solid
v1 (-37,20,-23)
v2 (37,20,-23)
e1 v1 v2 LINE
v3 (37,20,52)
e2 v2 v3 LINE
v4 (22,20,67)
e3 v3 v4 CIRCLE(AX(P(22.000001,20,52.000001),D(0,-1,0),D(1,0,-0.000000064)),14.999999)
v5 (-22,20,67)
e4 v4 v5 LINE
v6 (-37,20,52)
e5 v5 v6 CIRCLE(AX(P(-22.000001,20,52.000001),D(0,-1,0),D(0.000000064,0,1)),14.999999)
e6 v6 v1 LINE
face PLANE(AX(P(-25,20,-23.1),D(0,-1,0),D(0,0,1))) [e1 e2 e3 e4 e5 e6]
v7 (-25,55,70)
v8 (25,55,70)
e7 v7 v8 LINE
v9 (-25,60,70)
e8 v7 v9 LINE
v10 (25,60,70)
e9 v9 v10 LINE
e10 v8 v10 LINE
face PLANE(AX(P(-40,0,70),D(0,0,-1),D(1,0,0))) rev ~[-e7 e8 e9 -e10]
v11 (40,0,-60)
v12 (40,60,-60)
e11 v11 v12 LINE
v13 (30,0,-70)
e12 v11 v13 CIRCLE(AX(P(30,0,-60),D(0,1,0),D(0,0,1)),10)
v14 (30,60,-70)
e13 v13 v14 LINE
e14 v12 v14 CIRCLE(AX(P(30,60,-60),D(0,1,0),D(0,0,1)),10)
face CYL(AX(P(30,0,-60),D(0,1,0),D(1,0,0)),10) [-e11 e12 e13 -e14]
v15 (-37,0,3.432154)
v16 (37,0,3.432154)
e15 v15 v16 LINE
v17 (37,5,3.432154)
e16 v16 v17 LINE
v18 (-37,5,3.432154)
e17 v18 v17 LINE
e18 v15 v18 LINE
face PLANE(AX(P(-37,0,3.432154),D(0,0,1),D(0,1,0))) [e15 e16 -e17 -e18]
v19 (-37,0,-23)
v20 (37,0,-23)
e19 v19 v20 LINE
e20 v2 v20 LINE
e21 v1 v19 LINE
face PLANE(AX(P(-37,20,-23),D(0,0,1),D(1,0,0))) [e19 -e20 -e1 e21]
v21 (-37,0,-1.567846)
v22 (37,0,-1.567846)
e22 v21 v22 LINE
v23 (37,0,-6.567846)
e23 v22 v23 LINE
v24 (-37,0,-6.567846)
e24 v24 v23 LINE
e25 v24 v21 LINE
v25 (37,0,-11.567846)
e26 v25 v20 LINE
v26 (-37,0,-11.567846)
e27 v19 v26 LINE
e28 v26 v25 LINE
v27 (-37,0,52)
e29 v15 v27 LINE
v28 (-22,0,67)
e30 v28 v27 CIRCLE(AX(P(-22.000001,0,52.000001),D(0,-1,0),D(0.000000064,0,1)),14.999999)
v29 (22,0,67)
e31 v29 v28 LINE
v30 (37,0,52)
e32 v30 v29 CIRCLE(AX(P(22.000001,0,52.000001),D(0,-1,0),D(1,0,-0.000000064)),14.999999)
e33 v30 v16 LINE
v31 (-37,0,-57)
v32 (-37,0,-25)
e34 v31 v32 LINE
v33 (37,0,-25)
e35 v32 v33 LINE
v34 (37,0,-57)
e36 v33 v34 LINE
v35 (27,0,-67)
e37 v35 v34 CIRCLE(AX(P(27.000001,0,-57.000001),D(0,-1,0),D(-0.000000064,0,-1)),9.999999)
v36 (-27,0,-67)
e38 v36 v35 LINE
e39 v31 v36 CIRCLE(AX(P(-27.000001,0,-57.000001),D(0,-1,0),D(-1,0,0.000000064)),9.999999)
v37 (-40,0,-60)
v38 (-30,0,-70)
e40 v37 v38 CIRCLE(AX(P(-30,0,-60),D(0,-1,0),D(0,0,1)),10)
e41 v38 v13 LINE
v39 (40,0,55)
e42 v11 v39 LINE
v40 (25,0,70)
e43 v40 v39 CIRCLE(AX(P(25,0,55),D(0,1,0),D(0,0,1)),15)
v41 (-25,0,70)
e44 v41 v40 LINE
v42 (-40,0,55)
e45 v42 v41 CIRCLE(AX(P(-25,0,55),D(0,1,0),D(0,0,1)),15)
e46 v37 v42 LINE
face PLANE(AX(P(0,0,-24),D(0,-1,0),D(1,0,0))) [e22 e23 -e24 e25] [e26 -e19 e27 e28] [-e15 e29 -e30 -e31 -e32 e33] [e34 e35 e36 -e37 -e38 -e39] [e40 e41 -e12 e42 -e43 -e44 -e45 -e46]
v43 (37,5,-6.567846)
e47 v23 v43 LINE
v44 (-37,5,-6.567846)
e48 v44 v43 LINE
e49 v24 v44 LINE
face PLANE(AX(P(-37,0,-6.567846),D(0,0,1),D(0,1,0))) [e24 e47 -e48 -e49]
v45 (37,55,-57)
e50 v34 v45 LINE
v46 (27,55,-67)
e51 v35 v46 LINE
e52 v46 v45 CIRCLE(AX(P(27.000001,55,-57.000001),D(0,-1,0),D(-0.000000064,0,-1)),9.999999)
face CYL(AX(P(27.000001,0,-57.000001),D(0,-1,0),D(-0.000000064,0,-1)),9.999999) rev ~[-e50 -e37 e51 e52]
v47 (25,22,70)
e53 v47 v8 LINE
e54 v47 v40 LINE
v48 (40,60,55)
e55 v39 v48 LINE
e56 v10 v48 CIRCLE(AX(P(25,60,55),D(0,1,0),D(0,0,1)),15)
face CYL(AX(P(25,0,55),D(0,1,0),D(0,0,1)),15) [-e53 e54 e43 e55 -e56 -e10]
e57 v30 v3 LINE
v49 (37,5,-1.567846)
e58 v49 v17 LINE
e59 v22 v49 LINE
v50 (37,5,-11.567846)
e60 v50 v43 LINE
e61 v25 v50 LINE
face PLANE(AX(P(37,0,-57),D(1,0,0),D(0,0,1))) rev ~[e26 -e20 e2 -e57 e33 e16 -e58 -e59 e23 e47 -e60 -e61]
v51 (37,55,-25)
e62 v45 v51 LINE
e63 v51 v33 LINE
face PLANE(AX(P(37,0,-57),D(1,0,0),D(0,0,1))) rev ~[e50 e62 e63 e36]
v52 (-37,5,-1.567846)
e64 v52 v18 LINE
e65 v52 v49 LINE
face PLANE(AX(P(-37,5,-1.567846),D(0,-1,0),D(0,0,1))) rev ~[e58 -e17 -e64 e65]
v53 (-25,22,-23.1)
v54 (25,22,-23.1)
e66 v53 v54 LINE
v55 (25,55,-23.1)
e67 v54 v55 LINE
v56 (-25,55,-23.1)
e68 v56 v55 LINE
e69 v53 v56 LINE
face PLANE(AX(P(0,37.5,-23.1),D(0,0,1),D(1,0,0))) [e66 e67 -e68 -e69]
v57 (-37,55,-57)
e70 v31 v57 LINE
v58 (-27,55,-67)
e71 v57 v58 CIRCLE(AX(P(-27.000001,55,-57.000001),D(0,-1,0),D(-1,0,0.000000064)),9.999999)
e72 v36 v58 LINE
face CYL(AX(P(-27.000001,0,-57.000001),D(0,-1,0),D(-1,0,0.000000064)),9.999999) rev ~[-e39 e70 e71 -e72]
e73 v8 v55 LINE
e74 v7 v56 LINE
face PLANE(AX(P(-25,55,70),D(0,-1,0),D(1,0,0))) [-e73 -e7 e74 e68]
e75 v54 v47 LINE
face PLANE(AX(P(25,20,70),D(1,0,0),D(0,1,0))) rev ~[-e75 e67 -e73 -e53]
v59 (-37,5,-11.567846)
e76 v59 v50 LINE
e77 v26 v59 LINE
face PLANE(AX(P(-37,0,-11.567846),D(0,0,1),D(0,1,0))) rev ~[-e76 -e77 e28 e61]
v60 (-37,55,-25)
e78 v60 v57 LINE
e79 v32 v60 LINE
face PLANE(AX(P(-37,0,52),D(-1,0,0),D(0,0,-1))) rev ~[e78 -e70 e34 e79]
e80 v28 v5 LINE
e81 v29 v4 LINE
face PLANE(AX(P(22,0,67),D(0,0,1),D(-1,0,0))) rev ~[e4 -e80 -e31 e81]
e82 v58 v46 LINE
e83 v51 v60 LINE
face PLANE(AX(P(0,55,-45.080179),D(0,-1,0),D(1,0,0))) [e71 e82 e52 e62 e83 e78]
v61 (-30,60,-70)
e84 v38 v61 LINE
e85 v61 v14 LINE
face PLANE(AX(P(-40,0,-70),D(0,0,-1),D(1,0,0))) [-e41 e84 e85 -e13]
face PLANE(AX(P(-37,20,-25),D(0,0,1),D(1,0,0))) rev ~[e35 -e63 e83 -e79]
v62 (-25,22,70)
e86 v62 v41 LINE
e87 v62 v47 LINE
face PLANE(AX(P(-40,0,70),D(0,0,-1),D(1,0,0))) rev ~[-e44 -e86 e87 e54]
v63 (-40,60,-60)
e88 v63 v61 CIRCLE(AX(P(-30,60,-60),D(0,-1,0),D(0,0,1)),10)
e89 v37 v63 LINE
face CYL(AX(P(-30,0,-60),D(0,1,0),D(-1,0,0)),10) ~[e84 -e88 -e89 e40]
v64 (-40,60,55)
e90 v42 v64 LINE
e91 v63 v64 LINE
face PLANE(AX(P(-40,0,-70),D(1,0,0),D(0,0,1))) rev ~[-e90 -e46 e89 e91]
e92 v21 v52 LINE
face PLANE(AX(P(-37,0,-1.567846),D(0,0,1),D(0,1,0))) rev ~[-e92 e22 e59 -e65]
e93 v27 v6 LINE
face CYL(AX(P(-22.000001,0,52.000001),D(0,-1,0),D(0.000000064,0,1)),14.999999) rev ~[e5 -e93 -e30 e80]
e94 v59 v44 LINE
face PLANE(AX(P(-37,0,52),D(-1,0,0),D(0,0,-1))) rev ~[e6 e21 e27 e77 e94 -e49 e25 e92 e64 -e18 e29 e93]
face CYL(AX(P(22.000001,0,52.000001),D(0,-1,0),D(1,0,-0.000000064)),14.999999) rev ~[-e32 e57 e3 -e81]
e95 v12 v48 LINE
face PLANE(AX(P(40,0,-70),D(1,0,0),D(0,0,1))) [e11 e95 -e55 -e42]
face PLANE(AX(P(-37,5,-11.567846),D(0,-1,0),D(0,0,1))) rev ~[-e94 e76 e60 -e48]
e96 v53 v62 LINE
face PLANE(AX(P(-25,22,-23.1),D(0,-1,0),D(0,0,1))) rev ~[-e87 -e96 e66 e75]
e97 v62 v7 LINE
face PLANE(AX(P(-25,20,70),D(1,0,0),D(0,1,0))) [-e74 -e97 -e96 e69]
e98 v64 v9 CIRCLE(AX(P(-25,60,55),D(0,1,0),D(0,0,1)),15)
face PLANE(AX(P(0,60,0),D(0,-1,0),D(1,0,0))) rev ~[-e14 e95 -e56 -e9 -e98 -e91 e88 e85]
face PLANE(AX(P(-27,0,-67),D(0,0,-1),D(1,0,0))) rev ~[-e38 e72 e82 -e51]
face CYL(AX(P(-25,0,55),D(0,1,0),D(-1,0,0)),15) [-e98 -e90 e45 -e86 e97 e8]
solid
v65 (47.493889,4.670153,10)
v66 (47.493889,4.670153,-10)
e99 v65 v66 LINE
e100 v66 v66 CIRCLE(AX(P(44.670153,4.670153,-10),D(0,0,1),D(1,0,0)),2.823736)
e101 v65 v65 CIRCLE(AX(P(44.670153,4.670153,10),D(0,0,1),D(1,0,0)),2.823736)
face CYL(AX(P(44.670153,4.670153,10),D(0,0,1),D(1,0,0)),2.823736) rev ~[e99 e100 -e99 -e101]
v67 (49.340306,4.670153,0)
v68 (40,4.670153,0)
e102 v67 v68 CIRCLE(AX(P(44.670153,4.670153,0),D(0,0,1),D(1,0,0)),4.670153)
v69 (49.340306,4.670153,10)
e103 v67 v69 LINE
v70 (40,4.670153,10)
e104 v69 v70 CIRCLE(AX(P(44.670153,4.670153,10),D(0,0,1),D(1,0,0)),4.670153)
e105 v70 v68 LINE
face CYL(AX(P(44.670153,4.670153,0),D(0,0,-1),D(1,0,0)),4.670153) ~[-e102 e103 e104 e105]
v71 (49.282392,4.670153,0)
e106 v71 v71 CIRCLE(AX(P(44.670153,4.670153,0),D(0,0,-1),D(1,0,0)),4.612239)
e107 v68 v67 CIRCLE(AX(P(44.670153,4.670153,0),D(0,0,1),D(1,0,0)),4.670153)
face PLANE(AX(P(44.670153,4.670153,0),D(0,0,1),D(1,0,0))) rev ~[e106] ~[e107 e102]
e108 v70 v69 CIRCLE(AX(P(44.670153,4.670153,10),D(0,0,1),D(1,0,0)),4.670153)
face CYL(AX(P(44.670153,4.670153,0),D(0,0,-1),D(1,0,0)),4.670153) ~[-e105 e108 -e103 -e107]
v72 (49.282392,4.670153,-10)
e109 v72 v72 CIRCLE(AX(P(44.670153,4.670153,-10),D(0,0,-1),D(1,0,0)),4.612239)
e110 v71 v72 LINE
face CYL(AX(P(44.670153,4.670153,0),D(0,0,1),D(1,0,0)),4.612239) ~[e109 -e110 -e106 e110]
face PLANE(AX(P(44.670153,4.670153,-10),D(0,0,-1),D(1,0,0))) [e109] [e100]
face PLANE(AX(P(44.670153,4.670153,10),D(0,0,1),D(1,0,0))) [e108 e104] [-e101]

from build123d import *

# Parameters (mm, degrees)
F0_W      = 80
F0_H      = 140
F1_DEPTH  = 60
F2_R      = 15
F3_R      = 15
F4_R      = 10
F6_DEPTH  = 55
F8_DEPTH  = 20
F9_W      = 74
F9_H      = 2
F10_DEPTH = 20
F11_W     = 50
F11_H     = 35
F12_DEPTH = 93.1
F13_W     = 2
F13_H     = 93.1
F14_DEPTH = 50
F15_W     = 5
F15_H     = 5
F16_DEPTH = 74
F17_R     = 4.670153
F18_DEPTH = 10
F19_R     = 4.612239
F20_DEPTH = 10
F21_R     = 2.823736
F22_DEPTH = 30.5


with BuildPart() as f1:
    # F0 (on Front) → F1 (new body)
    with BuildSketch(Plane.XZ):
        Rectangle(F0_W, F0_H)
    extrude(amount=-F1_DEPTH)

    # F2
    f2_edges = [f1.edges().sort_by_distance(p)[0] for p in [
        (-40, 30, 70),
    ]]
    fillet(f2_edges, radius=F2_R)

    # F3
    f3_edges = [f1.edges().sort_by_distance(p)[0] for p in [
        (40, 30, 70),
    ]]
    fillet(f3_edges, radius=F3_R)

    # F4
    f4_edges = [f1.edges().sort_by_distance(p)[0] for p in [
        (-40, 30, -70),
        (40, 30, -70),
    ]]
    fillet(f4_edges, radius=F4_R)

    # F5 (on face) → F6 (cut)
    with BuildSketch(Plane.XZ):
        with BuildLine():
            Line((37, -57), (37, -25))
            Line((37, -25), (-37, -25))
            Line((-37, -25), (-37, -57))
            ThreePointArc((-37, -57), (-34.071068, -64.071068), (-27, -67))
            Line((-27, -67), (27, -67))
            ThreePointArc((27, -67), (34.071068, -64.071068), (37, -57))
        make_face()
    extrude(amount=-F6_DEPTH, mode=Mode.SUBTRACT)

    # F7 (on face) → F8 (cut)
    with BuildSketch(Plane.XZ):
        with BuildLine():
            ThreePointArc((37, 52), (32.606602, 62.606602), (22, 67))
            Line((22, 67), (-22, 67))
            ThreePointArc((-22, 67), (-32.606602, 62.606602), (-37, 52))
            Line((-37, 52), (-37, -25))
            Line((-37, -25), (37, -25))
            Line((37, -25), (37, 52))
        make_face()
    extrude(amount=-F8_DEPTH, mode=Mode.SUBTRACT)

    # F9 (on face) → F10 (join)
    with BuildSketch(Plane.XZ.offset(-20)):
        with Locations((0, -24)):
            Rectangle(F9_W, F9_H)
    extrude(amount=F10_DEPTH)

    # F11 (on face) → F12 (cut)
    with BuildSketch(Plane.XY.offset(70)):
        with Locations((0, 37.5)):
            Rectangle(F11_W, F11_H)
    extrude(amount=-F12_DEPTH, mode=Mode.SUBTRACT)

    # F13 (on face) → F14 (join)
    with BuildSketch(Plane.YZ.offset(-25)):
        with Locations((21, 23.45)):
            Rectangle(F13_W, F13_H)
    extrude(amount=F14_DEPTH)

    # F15 (on face) → F16 (join)
    with BuildSketch(Plane.YZ.offset(-37)):
        with Locations((2.5, 0.932154)):
            Rectangle(F15_W, F15_H)
        with Locations((2.5, -9.067846)):
            Rectangle(F15_W, F15_H)
    extrude(amount=F16_DEPTH)

    # F17 (on Top) → F18 (join)
    with BuildSketch(Plane.XY):
        with Locations((44.670153, 4.670153)):
            Circle(F17_R)
    extrude(amount=F18_DEPTH)

    # F19 (on face) → F20 (join)
    with BuildSketch(Plane(origin=(0, 0, 0), x_dir=(1, 0, 0), z_dir=(0, 0, -1))):
        with Locations((44.670153, -4.670153)):
            Circle(F19_R)
    extrude(amount=F20_DEPTH)

    # F21 (on face) → F22 (cut)
    with BuildSketch(Plane.XY.offset(10)):
        with Locations((44.670153, 4.670153)):
            Circle(F21_R)
    extrude(amount=-F22_DEPTH, mode=Mode.SUBTRACT)


solid = f1.part
